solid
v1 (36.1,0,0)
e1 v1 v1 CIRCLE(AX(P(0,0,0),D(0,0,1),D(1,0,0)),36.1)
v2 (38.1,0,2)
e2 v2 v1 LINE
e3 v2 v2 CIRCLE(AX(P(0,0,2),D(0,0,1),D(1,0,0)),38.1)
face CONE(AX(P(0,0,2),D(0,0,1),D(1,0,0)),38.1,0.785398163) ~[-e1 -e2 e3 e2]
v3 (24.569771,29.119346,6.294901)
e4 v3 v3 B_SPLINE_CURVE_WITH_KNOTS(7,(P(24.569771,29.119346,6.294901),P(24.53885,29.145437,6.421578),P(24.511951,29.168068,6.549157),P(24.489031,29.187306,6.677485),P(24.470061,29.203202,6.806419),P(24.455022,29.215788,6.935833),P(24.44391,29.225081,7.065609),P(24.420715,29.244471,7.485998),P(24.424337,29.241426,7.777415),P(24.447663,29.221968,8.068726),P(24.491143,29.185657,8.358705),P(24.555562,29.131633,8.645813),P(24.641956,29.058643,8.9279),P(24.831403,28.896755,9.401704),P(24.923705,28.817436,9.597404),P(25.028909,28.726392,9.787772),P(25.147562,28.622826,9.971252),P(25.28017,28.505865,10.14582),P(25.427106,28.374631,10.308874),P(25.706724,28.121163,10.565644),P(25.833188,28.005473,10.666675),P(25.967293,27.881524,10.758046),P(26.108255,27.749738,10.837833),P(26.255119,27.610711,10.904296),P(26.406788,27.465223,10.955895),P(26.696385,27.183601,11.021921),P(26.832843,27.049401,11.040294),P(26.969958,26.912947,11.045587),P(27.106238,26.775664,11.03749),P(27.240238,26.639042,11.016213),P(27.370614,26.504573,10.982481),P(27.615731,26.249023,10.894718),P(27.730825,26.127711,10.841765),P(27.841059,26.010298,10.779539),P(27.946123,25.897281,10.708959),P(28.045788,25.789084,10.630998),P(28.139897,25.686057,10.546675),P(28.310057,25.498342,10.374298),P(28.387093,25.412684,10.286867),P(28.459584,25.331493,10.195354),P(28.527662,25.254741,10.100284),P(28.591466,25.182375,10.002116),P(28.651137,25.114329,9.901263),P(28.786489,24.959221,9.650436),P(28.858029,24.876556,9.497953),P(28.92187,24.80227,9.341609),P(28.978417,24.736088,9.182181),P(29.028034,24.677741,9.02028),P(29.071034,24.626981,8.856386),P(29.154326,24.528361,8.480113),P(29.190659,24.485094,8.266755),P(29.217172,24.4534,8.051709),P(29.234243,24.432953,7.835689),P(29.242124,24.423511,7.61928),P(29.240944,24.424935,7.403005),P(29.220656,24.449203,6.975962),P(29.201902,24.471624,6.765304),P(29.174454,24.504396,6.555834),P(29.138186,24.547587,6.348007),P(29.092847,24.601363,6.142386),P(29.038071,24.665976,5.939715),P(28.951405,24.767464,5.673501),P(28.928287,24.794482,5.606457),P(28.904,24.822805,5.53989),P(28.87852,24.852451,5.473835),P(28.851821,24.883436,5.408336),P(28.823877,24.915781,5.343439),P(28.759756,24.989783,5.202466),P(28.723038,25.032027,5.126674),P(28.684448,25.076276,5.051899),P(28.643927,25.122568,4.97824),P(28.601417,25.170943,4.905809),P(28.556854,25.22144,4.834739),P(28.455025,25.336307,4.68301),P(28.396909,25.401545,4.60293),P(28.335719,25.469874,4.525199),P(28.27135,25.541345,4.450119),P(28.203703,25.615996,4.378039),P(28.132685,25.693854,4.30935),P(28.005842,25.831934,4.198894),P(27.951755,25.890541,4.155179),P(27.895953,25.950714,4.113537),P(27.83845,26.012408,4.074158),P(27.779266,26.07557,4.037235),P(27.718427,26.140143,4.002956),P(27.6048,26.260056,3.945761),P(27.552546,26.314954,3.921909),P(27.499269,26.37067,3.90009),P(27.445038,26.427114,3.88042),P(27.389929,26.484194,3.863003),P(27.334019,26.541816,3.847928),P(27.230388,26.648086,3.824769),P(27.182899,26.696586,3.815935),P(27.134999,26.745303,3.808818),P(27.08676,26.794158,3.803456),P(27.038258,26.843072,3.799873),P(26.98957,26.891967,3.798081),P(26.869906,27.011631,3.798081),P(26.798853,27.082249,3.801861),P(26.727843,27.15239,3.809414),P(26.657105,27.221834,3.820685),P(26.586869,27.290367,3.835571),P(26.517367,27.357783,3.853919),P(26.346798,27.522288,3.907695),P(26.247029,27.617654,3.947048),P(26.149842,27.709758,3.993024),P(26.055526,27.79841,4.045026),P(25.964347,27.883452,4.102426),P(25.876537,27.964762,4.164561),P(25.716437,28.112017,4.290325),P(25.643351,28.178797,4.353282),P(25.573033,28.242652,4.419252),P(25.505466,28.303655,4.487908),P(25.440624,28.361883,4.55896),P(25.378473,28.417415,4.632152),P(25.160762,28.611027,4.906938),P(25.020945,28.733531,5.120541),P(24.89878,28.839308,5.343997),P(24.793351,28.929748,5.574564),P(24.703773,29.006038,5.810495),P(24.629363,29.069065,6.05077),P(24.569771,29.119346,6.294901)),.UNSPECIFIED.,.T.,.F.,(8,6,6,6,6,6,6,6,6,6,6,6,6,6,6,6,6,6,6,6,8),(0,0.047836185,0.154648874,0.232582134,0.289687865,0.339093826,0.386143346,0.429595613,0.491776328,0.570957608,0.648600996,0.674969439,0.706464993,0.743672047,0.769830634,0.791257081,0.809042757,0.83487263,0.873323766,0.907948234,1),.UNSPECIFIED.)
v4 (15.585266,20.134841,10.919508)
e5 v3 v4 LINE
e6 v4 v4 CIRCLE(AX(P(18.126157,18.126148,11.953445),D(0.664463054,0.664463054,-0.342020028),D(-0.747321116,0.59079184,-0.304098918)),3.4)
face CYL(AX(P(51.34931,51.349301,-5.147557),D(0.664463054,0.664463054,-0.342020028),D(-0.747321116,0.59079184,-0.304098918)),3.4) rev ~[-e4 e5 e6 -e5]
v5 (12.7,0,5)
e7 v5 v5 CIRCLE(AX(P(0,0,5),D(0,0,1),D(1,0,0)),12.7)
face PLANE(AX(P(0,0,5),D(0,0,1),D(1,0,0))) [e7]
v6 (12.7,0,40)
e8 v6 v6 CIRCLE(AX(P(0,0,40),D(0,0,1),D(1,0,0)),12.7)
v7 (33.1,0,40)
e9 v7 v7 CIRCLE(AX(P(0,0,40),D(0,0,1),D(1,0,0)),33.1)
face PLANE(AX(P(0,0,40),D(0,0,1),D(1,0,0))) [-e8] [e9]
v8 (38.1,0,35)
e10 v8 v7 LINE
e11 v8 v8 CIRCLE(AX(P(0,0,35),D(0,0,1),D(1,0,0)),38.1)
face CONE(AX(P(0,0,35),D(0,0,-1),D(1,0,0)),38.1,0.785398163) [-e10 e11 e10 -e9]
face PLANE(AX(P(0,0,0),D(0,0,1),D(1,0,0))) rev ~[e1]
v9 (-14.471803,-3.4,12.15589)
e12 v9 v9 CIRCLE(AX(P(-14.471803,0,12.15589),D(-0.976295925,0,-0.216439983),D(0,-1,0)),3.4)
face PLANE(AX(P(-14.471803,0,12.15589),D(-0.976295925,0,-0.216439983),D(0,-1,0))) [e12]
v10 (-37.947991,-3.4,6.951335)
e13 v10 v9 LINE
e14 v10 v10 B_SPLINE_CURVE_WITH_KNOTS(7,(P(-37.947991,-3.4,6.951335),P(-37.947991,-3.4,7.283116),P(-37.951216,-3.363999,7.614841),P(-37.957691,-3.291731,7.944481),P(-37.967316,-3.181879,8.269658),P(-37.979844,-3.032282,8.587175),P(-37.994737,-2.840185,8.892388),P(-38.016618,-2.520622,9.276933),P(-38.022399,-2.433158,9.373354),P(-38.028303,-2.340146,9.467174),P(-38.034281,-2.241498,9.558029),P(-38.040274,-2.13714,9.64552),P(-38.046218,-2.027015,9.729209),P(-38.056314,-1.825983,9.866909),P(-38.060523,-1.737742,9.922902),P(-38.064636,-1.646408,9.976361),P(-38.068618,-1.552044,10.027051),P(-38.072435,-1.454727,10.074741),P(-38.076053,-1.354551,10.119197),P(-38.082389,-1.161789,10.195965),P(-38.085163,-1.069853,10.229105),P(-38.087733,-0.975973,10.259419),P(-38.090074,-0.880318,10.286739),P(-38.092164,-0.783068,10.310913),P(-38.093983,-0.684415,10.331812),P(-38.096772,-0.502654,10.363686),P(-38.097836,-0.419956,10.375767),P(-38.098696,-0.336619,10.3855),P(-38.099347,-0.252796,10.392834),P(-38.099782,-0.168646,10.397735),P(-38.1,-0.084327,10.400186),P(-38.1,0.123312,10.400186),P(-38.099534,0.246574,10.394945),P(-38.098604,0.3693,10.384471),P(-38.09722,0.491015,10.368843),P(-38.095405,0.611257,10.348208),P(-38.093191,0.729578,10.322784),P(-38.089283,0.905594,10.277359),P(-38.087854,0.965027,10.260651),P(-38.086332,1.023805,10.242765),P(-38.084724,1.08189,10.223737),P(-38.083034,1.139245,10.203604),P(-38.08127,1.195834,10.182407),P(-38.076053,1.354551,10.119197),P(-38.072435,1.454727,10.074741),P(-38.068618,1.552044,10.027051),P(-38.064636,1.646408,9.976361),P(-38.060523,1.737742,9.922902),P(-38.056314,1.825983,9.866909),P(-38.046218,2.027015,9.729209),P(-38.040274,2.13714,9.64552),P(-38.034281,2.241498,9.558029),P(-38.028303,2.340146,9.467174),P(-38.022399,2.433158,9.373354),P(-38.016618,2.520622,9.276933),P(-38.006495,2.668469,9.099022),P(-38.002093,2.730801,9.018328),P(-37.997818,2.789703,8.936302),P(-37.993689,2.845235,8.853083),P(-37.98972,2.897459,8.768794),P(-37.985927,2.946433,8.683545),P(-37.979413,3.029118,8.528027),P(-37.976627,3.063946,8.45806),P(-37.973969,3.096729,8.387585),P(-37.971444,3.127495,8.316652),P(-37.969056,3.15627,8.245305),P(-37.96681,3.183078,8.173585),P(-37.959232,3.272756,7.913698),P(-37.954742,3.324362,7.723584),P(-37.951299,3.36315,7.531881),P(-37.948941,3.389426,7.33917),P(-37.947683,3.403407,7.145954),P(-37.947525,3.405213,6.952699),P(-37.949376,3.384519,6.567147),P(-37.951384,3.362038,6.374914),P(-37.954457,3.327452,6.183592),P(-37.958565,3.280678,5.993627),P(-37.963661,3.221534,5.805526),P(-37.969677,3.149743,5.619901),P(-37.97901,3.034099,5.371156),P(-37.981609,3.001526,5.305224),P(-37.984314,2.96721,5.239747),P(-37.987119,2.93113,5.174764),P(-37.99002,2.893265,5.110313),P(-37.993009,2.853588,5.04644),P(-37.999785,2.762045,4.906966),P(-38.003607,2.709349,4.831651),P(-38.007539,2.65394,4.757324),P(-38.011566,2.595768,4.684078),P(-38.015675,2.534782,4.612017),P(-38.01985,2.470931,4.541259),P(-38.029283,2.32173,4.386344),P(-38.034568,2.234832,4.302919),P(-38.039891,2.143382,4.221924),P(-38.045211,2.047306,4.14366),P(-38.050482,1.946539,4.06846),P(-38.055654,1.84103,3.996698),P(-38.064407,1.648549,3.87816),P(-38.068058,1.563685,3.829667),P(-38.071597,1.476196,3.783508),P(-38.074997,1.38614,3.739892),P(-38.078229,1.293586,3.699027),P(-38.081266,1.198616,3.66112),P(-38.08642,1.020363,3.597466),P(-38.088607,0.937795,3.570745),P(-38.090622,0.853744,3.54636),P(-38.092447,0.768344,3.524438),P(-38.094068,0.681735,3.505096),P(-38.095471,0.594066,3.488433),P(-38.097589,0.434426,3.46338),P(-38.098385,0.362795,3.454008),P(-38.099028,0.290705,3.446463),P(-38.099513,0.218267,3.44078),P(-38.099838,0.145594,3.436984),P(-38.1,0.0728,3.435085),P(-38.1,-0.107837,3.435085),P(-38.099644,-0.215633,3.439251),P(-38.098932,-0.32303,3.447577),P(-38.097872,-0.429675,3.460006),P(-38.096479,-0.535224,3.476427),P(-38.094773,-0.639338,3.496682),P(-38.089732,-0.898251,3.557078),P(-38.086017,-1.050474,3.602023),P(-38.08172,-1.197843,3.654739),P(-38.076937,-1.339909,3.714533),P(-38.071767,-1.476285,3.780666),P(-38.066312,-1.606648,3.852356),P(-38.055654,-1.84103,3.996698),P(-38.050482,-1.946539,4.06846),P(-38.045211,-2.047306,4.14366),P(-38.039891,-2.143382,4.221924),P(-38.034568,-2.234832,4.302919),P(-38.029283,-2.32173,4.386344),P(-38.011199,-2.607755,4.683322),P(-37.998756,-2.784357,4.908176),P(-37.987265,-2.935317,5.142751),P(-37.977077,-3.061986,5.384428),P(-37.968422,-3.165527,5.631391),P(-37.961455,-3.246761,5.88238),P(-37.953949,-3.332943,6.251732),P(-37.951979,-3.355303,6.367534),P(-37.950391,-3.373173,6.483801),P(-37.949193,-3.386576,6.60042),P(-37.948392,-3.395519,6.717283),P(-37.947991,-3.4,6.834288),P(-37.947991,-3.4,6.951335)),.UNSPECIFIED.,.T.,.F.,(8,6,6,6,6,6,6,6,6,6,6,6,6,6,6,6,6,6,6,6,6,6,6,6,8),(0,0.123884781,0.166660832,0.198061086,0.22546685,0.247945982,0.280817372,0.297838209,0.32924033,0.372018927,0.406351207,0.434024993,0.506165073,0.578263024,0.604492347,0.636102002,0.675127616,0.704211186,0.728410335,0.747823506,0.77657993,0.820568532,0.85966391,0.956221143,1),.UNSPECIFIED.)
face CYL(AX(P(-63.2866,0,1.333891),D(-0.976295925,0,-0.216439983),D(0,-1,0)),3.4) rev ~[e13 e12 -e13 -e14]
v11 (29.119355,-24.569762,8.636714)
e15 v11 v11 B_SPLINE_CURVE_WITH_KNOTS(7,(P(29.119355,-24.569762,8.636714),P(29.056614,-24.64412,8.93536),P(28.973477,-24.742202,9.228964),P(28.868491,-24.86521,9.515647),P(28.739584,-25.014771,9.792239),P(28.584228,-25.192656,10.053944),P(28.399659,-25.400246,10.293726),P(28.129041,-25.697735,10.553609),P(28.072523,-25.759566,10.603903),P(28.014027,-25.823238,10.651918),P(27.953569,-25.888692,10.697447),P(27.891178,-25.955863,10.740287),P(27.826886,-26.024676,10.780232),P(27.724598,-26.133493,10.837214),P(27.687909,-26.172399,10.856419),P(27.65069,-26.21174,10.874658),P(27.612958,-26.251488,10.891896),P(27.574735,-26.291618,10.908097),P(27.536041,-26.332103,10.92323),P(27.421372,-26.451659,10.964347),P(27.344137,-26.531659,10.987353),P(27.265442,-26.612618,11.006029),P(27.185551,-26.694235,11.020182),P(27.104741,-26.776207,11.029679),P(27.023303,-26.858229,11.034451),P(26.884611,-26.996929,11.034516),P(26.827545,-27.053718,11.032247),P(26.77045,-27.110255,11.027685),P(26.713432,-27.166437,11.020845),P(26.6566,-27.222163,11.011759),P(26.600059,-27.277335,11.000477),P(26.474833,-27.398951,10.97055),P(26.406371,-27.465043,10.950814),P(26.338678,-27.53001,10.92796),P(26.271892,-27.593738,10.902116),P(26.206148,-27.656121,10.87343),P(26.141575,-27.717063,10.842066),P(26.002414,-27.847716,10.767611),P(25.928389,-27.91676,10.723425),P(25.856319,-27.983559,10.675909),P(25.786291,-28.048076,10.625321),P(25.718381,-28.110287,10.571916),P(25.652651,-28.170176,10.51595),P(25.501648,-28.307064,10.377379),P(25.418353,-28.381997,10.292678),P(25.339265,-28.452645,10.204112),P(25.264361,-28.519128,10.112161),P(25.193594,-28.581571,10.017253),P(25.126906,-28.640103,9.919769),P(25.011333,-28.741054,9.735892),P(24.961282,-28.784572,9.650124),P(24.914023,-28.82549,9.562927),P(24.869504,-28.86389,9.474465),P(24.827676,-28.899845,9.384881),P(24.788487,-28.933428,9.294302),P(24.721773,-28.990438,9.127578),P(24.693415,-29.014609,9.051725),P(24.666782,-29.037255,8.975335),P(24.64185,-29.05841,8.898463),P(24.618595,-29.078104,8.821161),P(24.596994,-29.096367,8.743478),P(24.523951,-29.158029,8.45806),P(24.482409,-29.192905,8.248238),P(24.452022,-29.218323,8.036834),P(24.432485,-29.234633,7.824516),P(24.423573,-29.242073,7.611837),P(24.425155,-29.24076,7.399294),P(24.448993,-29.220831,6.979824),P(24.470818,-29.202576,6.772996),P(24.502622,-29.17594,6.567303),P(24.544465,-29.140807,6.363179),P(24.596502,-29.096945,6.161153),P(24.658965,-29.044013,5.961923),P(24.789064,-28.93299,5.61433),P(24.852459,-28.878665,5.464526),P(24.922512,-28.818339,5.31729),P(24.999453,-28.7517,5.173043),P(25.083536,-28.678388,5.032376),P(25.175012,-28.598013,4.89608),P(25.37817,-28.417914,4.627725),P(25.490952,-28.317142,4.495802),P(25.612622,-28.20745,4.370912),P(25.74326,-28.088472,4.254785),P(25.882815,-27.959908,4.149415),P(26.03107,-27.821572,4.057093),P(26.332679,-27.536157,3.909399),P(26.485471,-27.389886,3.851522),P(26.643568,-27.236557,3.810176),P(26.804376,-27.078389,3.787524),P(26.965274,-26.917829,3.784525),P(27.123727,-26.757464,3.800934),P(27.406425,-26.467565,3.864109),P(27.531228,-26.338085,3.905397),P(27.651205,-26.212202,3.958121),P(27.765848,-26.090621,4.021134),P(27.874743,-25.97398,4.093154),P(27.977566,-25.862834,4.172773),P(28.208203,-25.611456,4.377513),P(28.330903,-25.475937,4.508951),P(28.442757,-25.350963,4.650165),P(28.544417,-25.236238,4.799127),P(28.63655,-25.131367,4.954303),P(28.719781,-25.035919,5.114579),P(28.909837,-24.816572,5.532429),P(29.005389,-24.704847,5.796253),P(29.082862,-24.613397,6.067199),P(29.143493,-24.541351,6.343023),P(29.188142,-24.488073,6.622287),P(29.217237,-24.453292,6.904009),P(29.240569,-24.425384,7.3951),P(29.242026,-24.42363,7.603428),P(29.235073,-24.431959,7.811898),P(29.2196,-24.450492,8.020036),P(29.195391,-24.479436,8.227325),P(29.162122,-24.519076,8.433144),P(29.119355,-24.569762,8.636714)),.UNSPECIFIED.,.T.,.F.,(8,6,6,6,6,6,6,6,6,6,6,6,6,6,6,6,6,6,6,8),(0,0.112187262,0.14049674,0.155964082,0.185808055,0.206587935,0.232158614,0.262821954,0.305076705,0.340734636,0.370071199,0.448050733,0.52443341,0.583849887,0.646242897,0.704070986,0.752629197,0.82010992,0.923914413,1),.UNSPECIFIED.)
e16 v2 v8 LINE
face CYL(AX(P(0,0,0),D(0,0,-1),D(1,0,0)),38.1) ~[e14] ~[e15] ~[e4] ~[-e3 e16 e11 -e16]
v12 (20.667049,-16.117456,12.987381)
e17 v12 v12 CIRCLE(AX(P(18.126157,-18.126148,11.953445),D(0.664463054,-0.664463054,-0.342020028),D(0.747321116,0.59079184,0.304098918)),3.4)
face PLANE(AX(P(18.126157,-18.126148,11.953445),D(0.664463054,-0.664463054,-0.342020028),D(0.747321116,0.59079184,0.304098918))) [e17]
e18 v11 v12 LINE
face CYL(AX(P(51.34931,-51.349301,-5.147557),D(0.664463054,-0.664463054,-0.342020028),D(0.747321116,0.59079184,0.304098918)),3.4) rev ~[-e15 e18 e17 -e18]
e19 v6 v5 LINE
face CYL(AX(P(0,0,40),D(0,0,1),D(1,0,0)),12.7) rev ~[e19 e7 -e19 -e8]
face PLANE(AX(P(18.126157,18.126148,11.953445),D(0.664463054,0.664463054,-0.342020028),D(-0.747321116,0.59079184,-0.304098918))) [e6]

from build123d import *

# Parameters (mm, degrees)
F0_R      = 38.1
F1_DEPTH  = 40
F2_R      = 12.7
F3_DEPTH  = 35
F4_SIZE   = 5
F11_R     = 3.4
F12_DEPTH = 50
F15_SIZE  = 2
F16_R     = 3.4
F17_DEPTH = 50
F18_R     = 3.4
F19_DEPTH = 50


with BuildPart() as f1:
    # F0 (on Top) → F1 (new body)
    with BuildSketch(Plane.XY):
        Circle(F0_R)
    extrude(amount=F1_DEPTH)

    # F2 (on face) → F3 (cut)
    with BuildSketch(Plane.XY.offset(40)):
        Circle(F2_R)
    extrude(amount=-F3_DEPTH, mode=Mode.SUBTRACT)

    # F4
    f4_edges = [f1.edges().sort_by_distance(p)[0] for p in [
        (-38.1, 0, 40),
    ]]
    chamfer(f4_edges, length=F4_SIZE)

    # F11 (on face) → F12 (cut)
    with BuildSketch(Plane(origin=(46.512412, -46.512412, -23.94141), x_dir=(0.747321, 0.590792, 0.304099), z_dir=(0.664463, -0.664463, -0.34202))):
        with Locations((6.472312, 18.923773)):
            Circle(F11_R)
    extrude(amount=-F12_DEPTH, mode=Mode.SUBTRACT)

    # F15
    f15_edges = [f1.edges().sort_by_distance(p)[0] for p in [
        (-38.1, 0, 0),
    ]]
    chamfer(f15_edges, length=F15_SIZE)

    # F16 (on face) → F17 (cut)
    with BuildSketch(Plane(origin=(46.512412, 46.512412, -23.94141), x_dir=(-0.747321, 0.590792, -0.304099), z_dir=(0.664463, 0.664463, -0.34202))):
        with Locations((-6.472312, 18.923773)):
            Circle(F16_R)
    extrude(amount=-F17_DEPTH, mode=Mode.SUBTRACT)

    # F18 (on face) → F19 (cut)
    with BuildSketch(Plane(origin=(-60.04, 0, -13.310548), x_dir=(0, -1, 0), z_dir=(-0.976296, 0, -0.21644))):
        with Locations((0, 15)):
            Circle(F18_R)
    extrude(amount=-F19_DEPTH, mode=Mode.SUBTRACT)


solid = f1.part
